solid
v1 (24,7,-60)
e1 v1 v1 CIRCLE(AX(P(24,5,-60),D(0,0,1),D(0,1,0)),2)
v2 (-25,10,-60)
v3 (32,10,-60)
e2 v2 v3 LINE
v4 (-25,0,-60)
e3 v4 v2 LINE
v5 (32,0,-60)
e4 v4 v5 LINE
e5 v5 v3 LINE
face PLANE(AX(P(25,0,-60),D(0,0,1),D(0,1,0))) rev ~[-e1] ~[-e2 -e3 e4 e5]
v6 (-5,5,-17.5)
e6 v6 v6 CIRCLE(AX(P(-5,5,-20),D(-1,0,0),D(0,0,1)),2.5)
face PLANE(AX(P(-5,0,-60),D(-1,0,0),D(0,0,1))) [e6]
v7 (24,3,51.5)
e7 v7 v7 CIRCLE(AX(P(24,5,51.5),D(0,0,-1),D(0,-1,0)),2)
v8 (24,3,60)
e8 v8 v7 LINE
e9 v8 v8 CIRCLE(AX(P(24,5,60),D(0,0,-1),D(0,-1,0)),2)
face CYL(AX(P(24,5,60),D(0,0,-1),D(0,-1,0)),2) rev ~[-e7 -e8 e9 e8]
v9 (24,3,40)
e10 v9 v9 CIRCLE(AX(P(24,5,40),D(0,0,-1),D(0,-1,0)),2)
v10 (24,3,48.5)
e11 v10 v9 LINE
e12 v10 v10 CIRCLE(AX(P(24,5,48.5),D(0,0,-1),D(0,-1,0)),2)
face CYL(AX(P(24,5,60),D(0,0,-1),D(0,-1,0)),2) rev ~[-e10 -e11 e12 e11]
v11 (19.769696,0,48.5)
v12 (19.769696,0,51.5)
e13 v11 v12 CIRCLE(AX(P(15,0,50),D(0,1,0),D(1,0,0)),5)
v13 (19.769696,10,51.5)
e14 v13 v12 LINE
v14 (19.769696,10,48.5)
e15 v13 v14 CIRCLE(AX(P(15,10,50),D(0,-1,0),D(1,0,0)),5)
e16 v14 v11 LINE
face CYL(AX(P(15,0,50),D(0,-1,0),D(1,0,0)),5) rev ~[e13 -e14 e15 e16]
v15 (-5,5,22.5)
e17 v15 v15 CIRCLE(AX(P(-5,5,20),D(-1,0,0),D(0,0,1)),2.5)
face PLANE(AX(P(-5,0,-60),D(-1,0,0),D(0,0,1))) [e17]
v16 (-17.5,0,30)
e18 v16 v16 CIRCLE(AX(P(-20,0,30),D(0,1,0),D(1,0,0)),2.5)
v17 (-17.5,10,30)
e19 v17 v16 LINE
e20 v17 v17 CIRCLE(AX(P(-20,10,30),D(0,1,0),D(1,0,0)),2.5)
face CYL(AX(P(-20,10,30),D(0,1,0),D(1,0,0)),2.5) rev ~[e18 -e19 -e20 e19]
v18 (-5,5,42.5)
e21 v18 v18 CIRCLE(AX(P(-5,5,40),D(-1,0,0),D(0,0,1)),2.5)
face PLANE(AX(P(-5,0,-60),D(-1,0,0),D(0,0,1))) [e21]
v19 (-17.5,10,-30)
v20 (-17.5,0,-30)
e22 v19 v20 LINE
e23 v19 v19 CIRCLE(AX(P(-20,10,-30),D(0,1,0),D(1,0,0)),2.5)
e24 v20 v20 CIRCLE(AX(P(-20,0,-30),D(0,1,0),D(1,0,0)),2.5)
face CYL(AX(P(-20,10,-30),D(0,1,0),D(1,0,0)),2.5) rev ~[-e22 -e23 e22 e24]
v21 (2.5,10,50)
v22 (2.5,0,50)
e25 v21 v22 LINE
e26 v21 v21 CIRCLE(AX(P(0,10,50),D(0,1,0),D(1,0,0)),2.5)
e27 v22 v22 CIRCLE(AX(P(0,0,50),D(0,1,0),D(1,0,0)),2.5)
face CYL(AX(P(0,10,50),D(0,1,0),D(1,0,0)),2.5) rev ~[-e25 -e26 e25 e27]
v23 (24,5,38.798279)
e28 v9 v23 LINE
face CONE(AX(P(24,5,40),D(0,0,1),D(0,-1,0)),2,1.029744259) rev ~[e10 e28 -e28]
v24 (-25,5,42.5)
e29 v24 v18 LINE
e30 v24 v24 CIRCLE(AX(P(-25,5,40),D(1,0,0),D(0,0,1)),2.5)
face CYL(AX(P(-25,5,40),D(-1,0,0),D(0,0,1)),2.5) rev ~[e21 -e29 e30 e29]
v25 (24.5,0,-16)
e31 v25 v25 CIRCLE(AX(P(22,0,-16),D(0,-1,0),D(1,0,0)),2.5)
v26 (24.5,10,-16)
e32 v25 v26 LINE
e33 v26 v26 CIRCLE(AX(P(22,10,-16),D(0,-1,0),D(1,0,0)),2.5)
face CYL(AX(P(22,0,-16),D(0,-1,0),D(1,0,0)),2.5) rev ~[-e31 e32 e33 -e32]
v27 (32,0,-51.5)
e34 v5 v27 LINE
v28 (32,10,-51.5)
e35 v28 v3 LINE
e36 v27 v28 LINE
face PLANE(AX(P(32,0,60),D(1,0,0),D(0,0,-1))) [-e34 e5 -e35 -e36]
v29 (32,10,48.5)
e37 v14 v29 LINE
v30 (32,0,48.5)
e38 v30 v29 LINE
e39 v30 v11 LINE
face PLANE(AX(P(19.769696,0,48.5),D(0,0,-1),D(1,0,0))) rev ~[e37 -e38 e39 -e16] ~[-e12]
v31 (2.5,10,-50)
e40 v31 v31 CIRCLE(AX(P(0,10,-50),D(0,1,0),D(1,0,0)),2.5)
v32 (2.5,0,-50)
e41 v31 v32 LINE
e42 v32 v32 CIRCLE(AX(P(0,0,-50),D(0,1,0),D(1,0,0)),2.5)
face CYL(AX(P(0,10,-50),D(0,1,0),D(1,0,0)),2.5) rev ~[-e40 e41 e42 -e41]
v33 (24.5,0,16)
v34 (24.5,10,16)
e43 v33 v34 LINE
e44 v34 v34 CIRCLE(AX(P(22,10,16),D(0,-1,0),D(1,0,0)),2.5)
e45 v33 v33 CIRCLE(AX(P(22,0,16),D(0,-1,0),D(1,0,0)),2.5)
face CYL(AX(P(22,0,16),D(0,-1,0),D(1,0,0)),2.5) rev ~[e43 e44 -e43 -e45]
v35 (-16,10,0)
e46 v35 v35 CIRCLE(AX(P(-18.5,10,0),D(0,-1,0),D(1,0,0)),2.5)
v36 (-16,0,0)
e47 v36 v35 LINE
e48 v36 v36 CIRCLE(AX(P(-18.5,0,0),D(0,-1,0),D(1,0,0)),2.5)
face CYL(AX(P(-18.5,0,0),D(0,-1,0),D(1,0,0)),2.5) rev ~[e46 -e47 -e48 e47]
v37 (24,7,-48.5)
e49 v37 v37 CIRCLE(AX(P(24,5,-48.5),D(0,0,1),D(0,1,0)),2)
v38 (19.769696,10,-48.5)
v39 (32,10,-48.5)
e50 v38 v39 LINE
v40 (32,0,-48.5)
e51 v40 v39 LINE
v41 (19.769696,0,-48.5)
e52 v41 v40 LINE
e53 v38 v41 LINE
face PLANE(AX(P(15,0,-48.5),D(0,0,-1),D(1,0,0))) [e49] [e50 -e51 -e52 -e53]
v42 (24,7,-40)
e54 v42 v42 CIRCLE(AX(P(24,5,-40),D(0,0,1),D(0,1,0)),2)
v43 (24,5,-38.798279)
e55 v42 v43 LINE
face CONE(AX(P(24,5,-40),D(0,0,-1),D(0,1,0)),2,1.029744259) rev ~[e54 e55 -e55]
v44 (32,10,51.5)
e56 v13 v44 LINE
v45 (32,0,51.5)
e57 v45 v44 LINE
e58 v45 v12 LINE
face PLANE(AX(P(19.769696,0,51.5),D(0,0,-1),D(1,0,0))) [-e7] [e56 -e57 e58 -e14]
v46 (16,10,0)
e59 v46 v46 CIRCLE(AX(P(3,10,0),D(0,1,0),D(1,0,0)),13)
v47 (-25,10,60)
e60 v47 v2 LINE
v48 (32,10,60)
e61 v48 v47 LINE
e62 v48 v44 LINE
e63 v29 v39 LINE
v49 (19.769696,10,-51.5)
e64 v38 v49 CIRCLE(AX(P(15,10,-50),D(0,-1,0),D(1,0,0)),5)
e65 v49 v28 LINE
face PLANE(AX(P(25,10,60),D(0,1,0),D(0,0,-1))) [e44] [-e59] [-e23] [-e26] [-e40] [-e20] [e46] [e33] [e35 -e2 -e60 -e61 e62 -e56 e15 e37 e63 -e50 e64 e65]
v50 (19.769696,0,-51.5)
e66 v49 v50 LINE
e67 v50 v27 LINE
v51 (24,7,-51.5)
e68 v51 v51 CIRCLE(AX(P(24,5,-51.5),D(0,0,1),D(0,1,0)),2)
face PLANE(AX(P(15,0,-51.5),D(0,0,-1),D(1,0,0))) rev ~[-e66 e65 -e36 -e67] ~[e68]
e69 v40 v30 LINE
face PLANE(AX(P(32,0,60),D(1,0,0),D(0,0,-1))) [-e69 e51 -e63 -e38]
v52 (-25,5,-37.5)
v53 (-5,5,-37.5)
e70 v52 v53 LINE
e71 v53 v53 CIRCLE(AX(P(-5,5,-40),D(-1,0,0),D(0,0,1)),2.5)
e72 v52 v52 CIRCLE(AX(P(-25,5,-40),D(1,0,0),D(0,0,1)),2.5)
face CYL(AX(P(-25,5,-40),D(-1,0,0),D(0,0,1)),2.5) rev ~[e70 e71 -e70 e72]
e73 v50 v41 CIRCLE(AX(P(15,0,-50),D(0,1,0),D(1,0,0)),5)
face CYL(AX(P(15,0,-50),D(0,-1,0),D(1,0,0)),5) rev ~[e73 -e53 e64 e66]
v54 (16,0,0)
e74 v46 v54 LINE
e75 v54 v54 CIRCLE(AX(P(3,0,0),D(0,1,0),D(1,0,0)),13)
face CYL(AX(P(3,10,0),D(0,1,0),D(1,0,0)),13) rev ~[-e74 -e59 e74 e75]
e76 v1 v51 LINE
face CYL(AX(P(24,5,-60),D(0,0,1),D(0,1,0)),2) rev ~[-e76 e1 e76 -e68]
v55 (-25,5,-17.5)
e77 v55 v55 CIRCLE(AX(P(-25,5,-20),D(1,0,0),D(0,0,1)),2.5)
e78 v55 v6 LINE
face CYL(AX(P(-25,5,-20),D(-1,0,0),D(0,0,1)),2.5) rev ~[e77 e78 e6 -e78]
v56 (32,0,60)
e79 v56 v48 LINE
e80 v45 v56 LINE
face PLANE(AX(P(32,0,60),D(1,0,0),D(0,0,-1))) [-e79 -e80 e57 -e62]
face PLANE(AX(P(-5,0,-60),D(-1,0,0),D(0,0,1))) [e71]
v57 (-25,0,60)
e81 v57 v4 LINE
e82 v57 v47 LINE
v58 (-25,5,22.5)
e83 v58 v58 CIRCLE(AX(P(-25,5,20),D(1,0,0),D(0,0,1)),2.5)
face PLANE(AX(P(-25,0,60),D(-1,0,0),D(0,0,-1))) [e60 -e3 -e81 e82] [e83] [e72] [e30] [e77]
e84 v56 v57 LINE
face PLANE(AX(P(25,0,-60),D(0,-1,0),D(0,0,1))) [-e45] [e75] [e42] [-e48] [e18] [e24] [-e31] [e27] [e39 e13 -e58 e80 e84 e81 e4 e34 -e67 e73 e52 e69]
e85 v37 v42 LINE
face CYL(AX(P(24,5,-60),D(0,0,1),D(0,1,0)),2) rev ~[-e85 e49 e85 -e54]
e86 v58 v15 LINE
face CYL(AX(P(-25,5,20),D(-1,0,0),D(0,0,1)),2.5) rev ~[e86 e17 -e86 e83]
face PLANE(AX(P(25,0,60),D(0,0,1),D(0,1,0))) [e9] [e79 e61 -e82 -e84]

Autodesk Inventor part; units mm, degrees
ref_plane "YZ Plane" through (0, 0, 0) normal (1, 0, 0) x (0, 1, 0)
ref_plane "XZ Plane" through (0, 0, 0) normal (0, 1, 0) x (-1, 0, 0)
ref_plane "XY Plane" through (0, 0, 0) normal (0, 0, 1) x (1, 0, 0)
sketch "Szkic10" plane through (0, 0, 0) normal (0, 1, 0) x (-1, 0, 0)
  line L0 (-25, 60) -> (25, 60)
  line L1 (25, 60) -> (25, -60)
  line L2 (25, -60) -> (-25, -60)
  line L3 (-25, -60) -> (-25, 60)
  line L4 (-25, 60) -> (25, -60) construction
  line L5 (25, 60) -> (-25, -60) construction
  point P0 (0, 0)
  dimension "d75" = 50
  dimension "d76" = 120
extrude "Wyciągnięcie proste6" add sketch "Szkic10" along normal blind 10
sketch "Szkic11" plane through (-25, 0, -60) normal (-1, 0, 0) x (0, 0, 1)
  line L0 (120, 0) -> (0, 0) projected
  line L1 (120, 0) -> (120, 10) projected
  line L2 (0, 10) -> (120, 10) projected
  line L3 (0, 0) -> (0, 10) projected
  line L4 (0, 0) -> (120, 0) projected
  line L5 (0, 0) -> (0, 5)
  line L6 (0, 5) -> (120, 5)
  line L7 (0, 5) -> (20, 5)
  line L8 (20, 5) -> (40, 5)
  line L9 (40, 5) -> (80, 5)
  line L10 (80, 5) -> (100, 5)
  circle A0 centre (20, 5) radius 2.5
  circle A1 centre (40, 5) radius 2.5
  circle A2 centre (80, 5) radius 2.5
  circle A3 centre (100, 5) radius 2.5
  point P0 (60, 0)
  dimension "d79" = 5
  dimension "d80" = 20
  dimension "d81" = 20
  dimension "d84" = 5
  dimension "d85" = 5
  dimension "d86" = 5
  dimension "d87" = 5
  dimension "d105" = 20
  dimension "d106" = 20
extrude "Wyciągnięcie proste7" cut sketch "Szkic11" against normal blind 20 contours A3 L6 | L6 A3 | A0 L6 | L6 A0 | A2 L6 | L6 A2 | A1 L6 | L6 A1
sketch "Szkic12" plane through (0, 10, 0) normal (0, 1, 0) x (1, 0, 0)
  line L0 (25, -60) -> (25, 60) projected
  line L1 (25, 0) -> (3, 0)
  circle A0 centre (3, 0) radius 13
  point P0 (0, 0)
  dimension "d102" = 22
  dimension "d103" = 26
extrude "Wyciągnięcie proste8" cut sketch "Szkic12" against normal up to next
sketch "Szkic13" plane through (0, 0, 0) normal (0, -1, 0) x (1, 0, 0)
  line L0 (25, 60) -> (-25, 60) projected
  line L1 (-25, 60) -> (-25, -60) projected
  line L2 (-25, -60) -> (25, -60) projected
  line L3 (25, -60) -> (25, 60) projected
  line L4 (25, 60) -> (25, 50)
  line L5 (25, -60) -> (25, 60) projected
  line L6 (25, 50) -> (-25, 50)
  line L7 (25, -60) -> (25, -50)
  line L8 (25, -50) -> (-25, -50)
  line L9 (25, 50) -> (15, 50)
  line L10 (25, -50) -> (15, -50)
  circle A0 centre (15, 50) radius 5
  circle A1 centre (15, -50) radius 5
  point P0 (0, 0)
  dimension "d93" = 10
  dimension "d94" = 10
  dimension "d95" = 10
  dimension "d96" = 10
  dimension "d97" = 10
  dimension "d98" = 10
extrude "Wyciągnięcie proste9" cut sketch "Szkic13" against normal blind 3 contours A0 L6 | L6 A0 | A1 L8 | L8 A1
sketch "Szkic14" plane through (15, 3, -50) normal (0, -1, 0) x (1, 0, 0)
  circle A0 centre (0, 0) radius 5 projected
  circle A1 centre (0, 100) radius 5 projected
  point P0 (-15, 50)
extrude "Wyciągnięcie proste10" cut sketch "Szkic14" against normal blind 10
sketch "Szkic15" plane through (25, 0, 60) normal (1, 0, 0) x (0, 0, -1)
  line L0 (120, 0) -> (0, 0) projected
  line L1 (120, 0) -> (120, 10) projected
  line L2 (0, 10) -> (120, 10) projected
  line L3 (0, 0) -> (0, 10) projected
  point P0 (60, 0)
extrude "Wyciągnięcie proste11" add sketch "Szkic15" along normal blind 7
sketch "Szkic16" plane through (-25, 0, 60) normal (0, 0, 1) x (1, 0, 0)
  line L0 (57, 0) -> (0, 0) projected
  line L1 (57, 10) -> (57, 0) projected
  line L2 (0, 10) -> (57, 10) projected
  line L3 (0, 0) -> (0, 10) projected
  line L4 (35, 10) -> (45, 10) projected
  line L5 (45, 0) -> (35, 0) projected
  line L6 (53, 0) -> (45, 0)
  line L7 (57, 0) -> (0, 0) projected
  line L8 (45, 0) -> (45, 10)
  line L9 (0, 10) -> (57, 10) projected
  line L10 (57, 10) -> (57, 0) projected
  line L11 (53, 5) -> (45, 5)
  line L12 (45, 5) -> (49, 5)
  circle A0 centre (49, 5) radius 2
  line L13 (49, 5) -> (53, 5)
  line L14 (53, 5) -> (53, 10)
  line L15 (53, 5) -> (53, 0)
  point P0 (25, 0)
  dimension "d113" = 4
  dimension "d114" = 4
  dimension "d115" = 5
  dimension "d116" = 45
  dimension "d117" = 4
sketch "Szkic17" plane through (-25, 0, -60) normal (0, 0, -1) x (-1, 0, 0)
  line L0 (-53, 10) -> (0, 10)
  line L1 (-53, 0) -> (-53, 10)
  line L2 (0, 0) -> (-53, 0)
  line L3 (0, 10) -> (0, 0)
  line L4 (-35, 0) -> (-45, 0)
  line L5 (-45, 10) -> (-35, 10)
  line L6 (-53, 10) -> (-45, 10)
  line L7 (-53, 10) -> (0, 10)
  line L8 (-45, 10) -> (-45, 0)
  line L9 (0, 0) -> (-53, 0)
  line L10 (-53, 0) -> (-53, 10)
  line L11 (-53, 5) -> (-45, 5)
  line L12 (-45, 5) -> (-49, 5)
  circle A0 centre (-49, 5) radius 2
  line L13 (-49, 5) -> (-53, 5)
  line L14 (-53, 5) -> (-53, 0)
  line L15 (-53, 5) -> (-53, 10)
  line L16 (0, 0) -> (-57, 0) projected
  line L17 (0, 0) -> (0, 10) projected
  point P0 (-25, 0)
  point P1 (-25, 10)
  dimension "d119" = 4
  dimension "d120" = 4
  dimension "d121" = 5
  dimension "d122" = 45
  dimension "d123" = 4
hole "Otwór4" at (24, 5, -60) direction (0, 0, 1) diameter 4 depth 20 tip angle 118
hole "Otwór5" at (24, 5, 60) direction (0, 0, -1) diameter 4 depth 20 tip angle 118
sketch "Szkic18" plane through (0, 0, 0) normal (0, -1, 0) x (1, 0, 0)
  circle A0 centre (15, -50) radius 5 projected
  circle A1 centre (15, 50) radius 5 projected
  circle A2 centre (3, 0) radius 13 projected
  line L0 (32, 60) -> (-25, 60) projected
  line L1 (-25, 60) -> (-25, -60) projected
  line L2 (-25, -60) -> (32, -60) projected
  line L3 (32, 60) -> (32, -60) projected
  line L4 (15, -50) -> (32, -50)
  line L5 (15, 50) -> (32, 50)
  line L6 (32, -60) -> (32, 60) projected
  line L7 (15, 50) -> (15, 51.5)
  line L8 (15, 51.5) -> (32, 51.5)
  line L9 (15, 50) -> (15, 48.5)
  line L10 (15, 48.5) -> (32, 48.5)
  line L11 (15, -50) -> (15, -48.5)
  line L12 (15, -48.5) -> (32, -48.5)
  line L13 (15, -50) -> (15, -51.5)
  line L14 (15, -51.5) -> (32, -51.5)
  point P0 (0, 0)
  dimension "d138" = 1.5
  dimension "d139" = 1.5
  dimension "d140" = 1.5
  dimension "d141" = 1.5
extrude "Wyciągnięcie proste12" cut sketch "Szkic18" against normal up to next contours L4 L11 L12 A0 | L4 L3 L14 A0 | A0 L14 L13 L4 | A0 L12 L3 L4 | L10 A1 L5 L3 | L5 A1 L8 L3 | L10 L9 L5 A1 | L5 L7 L8 A1
thread "Gwint9" size "M5x0.8" class "6H" standard "ANSI Metric M Profile" full length
thread "Gwint10" size "M5x0.8" class "6H" standard "ANSI Metric M Profile" full length
thread "Gwint11" size "M5x0.8" class "6H" standard "ANSI Metric M Profile" full length
thread "Gwint12" size "M5x0.8" class "6H" standard "ANSI Metric M Profile" full length
sketch "Szkic20" plane through (0, 0, 0) normal (0, -1, 0) x (1, 0, 0)
  line L0 (32, 48.5) -> (32, -48.5) projected
  line L1 (-25, 60) -> (-25, -60) projected
  circle A0 centre (3, 0) radius 13 projected
  circle A1 centre (22, 16) radius 2.5
  circle A2 centre (22, -16) radius 2.5
  circle A3 centre (-18.5, 0) radius 2.5
  circle A4 centre (3, 0) radius 15
  line L2 (-25, 25) -> (-25, -25)
  line L3 (-25, -25) -> (32, -25)
  line L4 (32, -25) -> (32, 25)
  line L5 (32, 25) -> (-25, 25)
  point P0 (0, 0)
extrude "Wyciągnięcie proste14" cut sketch "Szkic20" against normal up to next contours A1 | A2 | A3
thread "Gwint13" size "M5x0.8" class "6H" standard "ANSI Metric M Profile" full length
thread "Gwint14" size "M5x0.8" class "6H" standard "ANSI Metric M Profile" full length
thread "Gwint15" size "M5x0.8" class "6H" standard "ANSI Metric M Profile" full length
sketch "Szkic21" plane through (0, 10, 0) normal (0, 1, 0) x (1, 0, 0)
  line L0 (32, 48.5) -> (32, -48.5)
  line L1 (32, -51.5) -> (32, -60)
  line L2 (32, 60) -> (32, 30)
  line L3 (-25, -60) -> (-25, 60)
  line L4 (-25, -60) -> (32, -60)
  line L5 (-25, 60) -> (32, 60)
  circle A0 centre (0, 50) radius 2.5
  circle A1 centre (-20, 30) radius 2.5
  circle A2 centre (-20, -30) radius 2.5
  circle A3 centre (0, -50) radius 2.5
  line L6 (-25, -60) -> (32, -60) projected
  line L7 (32, -51.5) -> (32, -60) projected
  point P0 (0, 0)
extrude "Wyciągnięcie proste15" cut sketch "Szkic21" against normal up to next
thread "Gwint16" size "M5x0.8" class "6H" standard "ANSI Metric M Profile" full length
thread "Gwint17" size "M5x0.8" class "6H" standard "ANSI Metric M Profile" full length
thread "Gwint18" size "M5x0.8" class "6H" standard "ANSI Metric M Profile" full length
thread "Gwint19" size "M5x0.8" class "6H" standard "ANSI Metric M Profile" full length
properties part number "Podstawa górna osi Z"
